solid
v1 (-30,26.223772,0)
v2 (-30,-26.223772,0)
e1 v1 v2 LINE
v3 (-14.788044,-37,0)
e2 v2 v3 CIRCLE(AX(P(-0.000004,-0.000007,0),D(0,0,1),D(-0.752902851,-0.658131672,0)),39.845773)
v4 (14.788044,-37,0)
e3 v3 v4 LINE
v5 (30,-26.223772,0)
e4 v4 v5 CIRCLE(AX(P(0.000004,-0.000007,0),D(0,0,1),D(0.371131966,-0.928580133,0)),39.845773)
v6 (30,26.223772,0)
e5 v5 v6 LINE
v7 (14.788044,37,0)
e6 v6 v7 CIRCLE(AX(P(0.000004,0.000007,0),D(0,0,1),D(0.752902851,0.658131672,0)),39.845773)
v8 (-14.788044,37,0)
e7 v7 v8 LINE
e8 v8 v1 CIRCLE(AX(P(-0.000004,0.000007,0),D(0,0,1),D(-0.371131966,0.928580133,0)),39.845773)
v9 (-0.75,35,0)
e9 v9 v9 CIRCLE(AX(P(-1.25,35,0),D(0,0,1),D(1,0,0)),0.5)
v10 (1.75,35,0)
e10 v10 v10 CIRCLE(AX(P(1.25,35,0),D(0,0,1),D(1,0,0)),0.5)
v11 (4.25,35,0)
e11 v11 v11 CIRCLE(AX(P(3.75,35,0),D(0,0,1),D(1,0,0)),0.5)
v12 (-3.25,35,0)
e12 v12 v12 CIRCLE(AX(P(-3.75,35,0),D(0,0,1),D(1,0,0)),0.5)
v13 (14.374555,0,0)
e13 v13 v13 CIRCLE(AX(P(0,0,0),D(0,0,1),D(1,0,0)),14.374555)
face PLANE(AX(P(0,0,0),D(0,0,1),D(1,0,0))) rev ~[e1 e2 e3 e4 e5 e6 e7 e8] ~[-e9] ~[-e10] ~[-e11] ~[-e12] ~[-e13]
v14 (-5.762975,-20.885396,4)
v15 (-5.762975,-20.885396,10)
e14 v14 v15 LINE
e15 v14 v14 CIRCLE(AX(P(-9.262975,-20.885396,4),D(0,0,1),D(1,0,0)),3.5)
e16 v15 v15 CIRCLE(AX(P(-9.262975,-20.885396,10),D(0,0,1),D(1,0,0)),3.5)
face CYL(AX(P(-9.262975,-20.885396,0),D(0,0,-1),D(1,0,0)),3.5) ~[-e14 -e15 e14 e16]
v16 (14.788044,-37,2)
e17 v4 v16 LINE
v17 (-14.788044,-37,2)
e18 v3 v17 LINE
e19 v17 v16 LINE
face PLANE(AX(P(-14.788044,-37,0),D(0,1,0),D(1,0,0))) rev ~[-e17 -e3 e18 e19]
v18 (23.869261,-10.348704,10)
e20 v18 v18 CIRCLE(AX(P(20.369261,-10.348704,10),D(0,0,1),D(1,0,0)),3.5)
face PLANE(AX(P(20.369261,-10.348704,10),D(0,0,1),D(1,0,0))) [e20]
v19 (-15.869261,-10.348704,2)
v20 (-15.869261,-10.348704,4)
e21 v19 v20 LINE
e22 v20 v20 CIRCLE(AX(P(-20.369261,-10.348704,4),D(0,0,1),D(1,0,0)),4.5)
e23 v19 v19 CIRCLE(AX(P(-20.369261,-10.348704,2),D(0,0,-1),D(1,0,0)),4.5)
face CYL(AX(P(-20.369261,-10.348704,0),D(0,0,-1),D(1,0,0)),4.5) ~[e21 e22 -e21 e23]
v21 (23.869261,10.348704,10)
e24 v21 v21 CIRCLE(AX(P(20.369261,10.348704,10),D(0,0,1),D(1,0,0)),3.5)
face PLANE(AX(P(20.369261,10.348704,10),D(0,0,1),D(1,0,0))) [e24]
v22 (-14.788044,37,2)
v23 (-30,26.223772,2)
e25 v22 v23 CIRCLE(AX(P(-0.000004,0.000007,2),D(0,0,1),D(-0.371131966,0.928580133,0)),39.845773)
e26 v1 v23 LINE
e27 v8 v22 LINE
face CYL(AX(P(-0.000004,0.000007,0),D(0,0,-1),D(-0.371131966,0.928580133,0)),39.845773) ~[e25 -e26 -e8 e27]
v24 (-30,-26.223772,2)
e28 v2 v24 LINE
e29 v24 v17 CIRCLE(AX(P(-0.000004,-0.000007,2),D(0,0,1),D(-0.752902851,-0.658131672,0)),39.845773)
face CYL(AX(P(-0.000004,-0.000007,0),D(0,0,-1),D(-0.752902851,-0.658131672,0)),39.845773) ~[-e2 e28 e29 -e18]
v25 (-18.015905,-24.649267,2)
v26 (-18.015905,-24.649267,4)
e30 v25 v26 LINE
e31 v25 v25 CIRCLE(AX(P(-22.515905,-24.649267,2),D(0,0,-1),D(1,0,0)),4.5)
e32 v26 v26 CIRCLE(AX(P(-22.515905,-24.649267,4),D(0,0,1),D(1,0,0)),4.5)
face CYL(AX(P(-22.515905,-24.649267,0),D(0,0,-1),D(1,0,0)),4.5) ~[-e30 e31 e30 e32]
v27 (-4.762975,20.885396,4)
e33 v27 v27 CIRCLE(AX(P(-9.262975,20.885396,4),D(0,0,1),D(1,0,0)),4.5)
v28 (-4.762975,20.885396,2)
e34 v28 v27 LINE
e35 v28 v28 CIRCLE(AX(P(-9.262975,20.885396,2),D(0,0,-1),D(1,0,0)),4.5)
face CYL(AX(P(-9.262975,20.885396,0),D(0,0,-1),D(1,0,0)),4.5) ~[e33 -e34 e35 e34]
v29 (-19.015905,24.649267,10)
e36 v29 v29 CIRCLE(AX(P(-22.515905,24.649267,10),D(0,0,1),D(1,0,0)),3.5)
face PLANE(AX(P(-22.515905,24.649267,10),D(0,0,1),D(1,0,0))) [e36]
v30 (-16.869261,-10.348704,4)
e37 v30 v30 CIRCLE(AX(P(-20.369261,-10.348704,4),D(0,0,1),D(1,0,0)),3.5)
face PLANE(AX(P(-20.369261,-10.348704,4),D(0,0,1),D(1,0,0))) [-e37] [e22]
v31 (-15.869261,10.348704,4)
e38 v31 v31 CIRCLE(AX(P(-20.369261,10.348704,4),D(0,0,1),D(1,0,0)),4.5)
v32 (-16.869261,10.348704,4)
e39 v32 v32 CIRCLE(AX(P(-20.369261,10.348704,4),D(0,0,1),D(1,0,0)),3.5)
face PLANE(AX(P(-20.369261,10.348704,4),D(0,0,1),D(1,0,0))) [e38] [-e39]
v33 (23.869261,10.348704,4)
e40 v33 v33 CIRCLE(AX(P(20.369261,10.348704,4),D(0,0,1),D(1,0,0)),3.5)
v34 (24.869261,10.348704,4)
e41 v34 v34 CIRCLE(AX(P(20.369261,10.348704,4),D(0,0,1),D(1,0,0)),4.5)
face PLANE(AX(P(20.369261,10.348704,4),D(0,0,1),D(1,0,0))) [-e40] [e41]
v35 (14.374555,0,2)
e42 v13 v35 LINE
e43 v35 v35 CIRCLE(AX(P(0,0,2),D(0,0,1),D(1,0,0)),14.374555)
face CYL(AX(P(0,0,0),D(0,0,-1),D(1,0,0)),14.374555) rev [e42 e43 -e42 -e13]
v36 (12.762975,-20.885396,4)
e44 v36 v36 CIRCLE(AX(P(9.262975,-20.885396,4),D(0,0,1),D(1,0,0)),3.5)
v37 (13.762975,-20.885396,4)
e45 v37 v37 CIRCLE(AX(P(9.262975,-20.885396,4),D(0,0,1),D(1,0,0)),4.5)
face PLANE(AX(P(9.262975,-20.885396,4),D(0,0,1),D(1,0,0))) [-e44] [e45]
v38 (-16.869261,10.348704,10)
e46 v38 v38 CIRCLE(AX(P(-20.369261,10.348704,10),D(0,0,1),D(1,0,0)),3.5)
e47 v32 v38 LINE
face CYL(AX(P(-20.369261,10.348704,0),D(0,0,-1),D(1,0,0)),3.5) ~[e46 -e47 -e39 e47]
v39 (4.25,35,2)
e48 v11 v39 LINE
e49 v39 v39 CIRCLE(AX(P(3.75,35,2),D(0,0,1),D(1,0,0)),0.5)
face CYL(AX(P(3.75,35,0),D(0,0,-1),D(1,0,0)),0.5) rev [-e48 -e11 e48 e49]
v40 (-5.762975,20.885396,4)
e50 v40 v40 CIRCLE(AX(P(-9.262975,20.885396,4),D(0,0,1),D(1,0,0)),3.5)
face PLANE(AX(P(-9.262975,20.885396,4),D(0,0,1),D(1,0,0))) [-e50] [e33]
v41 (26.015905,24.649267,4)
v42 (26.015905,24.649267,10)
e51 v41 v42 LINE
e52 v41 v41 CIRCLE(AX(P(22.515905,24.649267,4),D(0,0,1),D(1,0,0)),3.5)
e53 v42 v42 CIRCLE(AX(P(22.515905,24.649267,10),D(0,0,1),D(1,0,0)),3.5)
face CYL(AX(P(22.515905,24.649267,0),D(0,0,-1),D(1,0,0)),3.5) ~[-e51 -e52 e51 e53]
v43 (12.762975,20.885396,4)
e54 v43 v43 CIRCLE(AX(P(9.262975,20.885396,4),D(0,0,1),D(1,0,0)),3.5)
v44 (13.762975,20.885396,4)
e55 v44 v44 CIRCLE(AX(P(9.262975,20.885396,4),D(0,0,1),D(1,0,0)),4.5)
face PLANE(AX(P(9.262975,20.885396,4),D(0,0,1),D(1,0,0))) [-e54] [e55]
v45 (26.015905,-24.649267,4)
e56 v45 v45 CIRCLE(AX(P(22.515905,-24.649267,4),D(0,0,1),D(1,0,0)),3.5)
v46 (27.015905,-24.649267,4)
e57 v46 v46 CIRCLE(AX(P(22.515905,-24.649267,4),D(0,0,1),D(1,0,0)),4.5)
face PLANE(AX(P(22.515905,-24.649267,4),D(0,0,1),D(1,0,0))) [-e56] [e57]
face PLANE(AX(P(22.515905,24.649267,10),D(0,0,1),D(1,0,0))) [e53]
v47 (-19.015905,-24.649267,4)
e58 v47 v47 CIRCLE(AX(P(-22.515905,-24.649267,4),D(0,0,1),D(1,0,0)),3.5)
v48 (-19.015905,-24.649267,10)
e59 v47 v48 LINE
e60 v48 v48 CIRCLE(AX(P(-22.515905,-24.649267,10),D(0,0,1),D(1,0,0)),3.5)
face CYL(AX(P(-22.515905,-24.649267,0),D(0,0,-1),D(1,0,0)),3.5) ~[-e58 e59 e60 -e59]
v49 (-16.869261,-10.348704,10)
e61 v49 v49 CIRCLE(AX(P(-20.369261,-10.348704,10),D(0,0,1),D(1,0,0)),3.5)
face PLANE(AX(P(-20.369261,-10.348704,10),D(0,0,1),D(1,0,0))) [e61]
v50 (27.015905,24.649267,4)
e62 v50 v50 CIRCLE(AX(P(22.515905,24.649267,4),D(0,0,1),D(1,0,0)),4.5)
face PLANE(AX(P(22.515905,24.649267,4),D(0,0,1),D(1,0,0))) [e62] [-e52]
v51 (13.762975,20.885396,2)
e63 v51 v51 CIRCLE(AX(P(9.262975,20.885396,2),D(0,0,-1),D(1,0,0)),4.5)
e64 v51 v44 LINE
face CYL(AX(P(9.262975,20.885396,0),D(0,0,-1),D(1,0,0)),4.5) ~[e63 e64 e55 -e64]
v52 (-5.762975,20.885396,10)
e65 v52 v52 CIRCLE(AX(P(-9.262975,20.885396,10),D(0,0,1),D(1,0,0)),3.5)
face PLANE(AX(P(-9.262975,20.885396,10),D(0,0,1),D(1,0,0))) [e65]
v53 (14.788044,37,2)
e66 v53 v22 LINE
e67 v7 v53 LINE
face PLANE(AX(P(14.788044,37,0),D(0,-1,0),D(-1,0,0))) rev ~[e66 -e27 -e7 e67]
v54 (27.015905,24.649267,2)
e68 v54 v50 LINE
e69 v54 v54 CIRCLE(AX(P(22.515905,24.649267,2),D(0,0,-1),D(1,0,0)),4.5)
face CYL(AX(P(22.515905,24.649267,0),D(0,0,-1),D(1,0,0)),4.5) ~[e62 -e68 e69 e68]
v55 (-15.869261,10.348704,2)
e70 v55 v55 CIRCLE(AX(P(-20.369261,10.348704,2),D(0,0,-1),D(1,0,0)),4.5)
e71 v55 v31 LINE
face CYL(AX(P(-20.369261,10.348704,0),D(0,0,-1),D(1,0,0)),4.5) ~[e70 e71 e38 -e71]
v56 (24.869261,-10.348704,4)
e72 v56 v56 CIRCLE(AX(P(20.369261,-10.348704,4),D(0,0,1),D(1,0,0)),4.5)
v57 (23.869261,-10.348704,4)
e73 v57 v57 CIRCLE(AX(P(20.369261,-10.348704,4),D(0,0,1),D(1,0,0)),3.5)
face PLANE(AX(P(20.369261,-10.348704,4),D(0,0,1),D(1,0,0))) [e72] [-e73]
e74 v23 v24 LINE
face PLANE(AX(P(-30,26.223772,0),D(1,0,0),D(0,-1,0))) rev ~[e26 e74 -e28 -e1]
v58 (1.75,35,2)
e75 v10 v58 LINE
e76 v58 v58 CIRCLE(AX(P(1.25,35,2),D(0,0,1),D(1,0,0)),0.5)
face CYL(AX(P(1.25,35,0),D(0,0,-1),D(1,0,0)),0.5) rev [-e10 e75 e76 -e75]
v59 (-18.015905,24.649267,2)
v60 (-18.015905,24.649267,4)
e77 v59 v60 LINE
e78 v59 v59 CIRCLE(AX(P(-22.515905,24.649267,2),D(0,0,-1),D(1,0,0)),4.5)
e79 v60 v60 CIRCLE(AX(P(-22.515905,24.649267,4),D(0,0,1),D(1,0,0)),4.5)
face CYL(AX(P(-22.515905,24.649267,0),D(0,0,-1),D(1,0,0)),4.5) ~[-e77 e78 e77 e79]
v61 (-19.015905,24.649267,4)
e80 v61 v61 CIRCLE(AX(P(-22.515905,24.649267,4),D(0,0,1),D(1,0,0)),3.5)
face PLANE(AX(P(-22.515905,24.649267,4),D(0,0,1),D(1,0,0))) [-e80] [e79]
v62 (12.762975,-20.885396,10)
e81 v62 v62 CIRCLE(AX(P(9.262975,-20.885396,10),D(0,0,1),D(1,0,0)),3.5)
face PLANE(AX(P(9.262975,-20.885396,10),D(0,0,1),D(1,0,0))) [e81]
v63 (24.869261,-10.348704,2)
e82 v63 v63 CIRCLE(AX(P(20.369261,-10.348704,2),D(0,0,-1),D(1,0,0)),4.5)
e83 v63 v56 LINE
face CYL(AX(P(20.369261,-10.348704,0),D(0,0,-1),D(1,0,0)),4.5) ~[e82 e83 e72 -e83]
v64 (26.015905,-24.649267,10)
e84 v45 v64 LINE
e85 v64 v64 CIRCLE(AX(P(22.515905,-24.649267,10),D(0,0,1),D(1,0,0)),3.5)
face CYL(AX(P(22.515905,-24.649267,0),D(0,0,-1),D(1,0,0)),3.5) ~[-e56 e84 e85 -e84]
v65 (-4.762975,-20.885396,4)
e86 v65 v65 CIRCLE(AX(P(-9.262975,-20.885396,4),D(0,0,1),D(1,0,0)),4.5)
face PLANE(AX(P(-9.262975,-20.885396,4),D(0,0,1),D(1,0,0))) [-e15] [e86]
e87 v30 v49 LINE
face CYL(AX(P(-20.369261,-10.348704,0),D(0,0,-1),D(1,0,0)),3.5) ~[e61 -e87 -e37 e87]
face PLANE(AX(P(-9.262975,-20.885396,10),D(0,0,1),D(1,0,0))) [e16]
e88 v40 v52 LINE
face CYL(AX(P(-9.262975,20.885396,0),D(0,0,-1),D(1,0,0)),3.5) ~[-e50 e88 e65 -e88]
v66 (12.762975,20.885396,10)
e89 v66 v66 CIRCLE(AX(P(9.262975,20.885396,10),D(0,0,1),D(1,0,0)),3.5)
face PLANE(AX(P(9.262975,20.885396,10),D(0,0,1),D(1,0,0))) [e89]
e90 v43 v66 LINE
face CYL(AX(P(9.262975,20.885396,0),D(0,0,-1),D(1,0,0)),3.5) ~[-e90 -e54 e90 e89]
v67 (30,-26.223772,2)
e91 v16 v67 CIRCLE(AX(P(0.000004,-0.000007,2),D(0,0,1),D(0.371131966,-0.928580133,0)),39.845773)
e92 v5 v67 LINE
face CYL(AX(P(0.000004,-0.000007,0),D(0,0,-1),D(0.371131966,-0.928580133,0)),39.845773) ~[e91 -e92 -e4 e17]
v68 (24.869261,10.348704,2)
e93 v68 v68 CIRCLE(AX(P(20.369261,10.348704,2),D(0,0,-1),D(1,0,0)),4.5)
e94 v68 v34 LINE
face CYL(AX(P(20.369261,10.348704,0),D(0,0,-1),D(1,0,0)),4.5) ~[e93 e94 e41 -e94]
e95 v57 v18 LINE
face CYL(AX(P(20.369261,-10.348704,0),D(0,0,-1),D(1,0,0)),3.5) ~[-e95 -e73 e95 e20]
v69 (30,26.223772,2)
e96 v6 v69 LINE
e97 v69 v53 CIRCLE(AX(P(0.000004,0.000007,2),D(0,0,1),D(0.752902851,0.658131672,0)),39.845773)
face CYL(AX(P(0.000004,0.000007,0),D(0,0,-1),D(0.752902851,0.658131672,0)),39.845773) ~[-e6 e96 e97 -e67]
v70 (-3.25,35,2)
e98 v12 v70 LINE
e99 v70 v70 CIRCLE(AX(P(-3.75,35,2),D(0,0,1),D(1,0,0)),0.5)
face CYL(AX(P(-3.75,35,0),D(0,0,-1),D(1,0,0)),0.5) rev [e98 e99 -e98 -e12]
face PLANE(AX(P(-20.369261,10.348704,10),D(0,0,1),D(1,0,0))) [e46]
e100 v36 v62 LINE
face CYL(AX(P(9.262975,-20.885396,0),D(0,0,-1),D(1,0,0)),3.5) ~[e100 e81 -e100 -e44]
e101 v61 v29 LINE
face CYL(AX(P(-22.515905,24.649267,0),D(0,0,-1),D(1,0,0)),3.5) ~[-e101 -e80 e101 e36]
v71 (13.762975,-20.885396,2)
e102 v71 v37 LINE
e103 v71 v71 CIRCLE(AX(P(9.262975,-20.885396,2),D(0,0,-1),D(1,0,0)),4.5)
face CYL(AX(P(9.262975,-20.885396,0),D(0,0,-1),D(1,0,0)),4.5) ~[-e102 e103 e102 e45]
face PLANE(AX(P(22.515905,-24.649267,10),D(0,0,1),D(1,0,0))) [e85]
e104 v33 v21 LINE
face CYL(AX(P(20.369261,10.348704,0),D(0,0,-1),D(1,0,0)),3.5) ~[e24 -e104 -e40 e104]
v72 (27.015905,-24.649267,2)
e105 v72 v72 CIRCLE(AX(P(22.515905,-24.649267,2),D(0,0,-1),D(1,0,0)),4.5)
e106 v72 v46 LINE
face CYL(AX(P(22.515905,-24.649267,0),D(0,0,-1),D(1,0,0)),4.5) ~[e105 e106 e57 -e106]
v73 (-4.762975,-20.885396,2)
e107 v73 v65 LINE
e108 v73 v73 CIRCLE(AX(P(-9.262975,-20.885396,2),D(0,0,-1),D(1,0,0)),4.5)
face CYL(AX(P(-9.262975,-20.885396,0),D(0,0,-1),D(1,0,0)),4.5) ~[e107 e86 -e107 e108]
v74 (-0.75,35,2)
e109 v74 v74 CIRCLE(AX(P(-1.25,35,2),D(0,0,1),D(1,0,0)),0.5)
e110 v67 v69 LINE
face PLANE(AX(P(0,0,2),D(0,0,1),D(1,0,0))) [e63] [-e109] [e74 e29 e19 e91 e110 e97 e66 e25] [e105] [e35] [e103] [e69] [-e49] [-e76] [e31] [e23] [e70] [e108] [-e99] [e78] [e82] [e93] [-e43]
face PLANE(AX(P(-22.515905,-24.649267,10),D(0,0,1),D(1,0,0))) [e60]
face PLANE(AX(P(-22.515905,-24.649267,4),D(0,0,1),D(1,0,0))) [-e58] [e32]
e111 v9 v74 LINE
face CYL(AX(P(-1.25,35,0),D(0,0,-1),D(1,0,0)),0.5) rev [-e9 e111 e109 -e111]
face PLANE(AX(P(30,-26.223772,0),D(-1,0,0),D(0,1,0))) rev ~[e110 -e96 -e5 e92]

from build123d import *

# Parameters (mm, degrees)
F0_R     = 4.5
F0_R_2   = 0.5
F0_R_3   = 14.374555
F0_R_4   = 3.5
F1_DEPTH = 2
F2_DEPTH = 4
F3_DEPTH = 10


with BuildPart() as f1:
    # F0 (on Top) → F1 (new body)
    with BuildSketch(Plane.XY):
        with BuildLine():
            Line((14.788044, 37), (-14.788044, 37))
            ThreePointArc((-14.788044, 37), (-23.033106, 32.514032), (-30, 26.223772))
            Line((-30, 26.223772), (-30, -26.223772))
            ThreePointArc((-30, -26.223772), (-23.033106, -32.514032), (-14.788044, -37))
            Line((-14.788044, -37), (14.788044, -37))
            ThreePointArc((14.788044, -37), (23.033106, -32.514032), (30, -26.223772))
            Line((30, -26.223772), (30, 26.223772))
            ThreePointArc((30, 26.223772), (23.033106, 32.514032), (14.788044, 37))
        make_face()
        with Locations((-22.515905, -24.649267)):
            Circle(F0_R, mode=Mode.SUBTRACT)
        with Locations((-9.262975, -20.885396)):
            Circle(F0_R, mode=Mode.SUBTRACT)
        with Locations((-20.369261, -10.348704)):
            Circle(F0_R, mode=Mode.SUBTRACT)
        with Locations((9.262975, -20.885396)):
            Circle(F0_R, mode=Mode.SUBTRACT)
        with Locations((22.515905, -24.649267)):
            Circle(F0_R, mode=Mode.SUBTRACT)
        with Locations((20.369261, -10.348704)):
            Circle(F0_R, mode=Mode.SUBTRACT)
        with Locations((-20.369261, 10.348704)):
            Circle(F0_R, mode=Mode.SUBTRACT)
        with Locations((-22.515905, 24.649267)):
            Circle(F0_R, mode=Mode.SUBTRACT)
        with Locations((-9.262975, 20.885396)):
            Circle(F0_R, mode=Mode.SUBTRACT)
        with Locations((-3.75, 35)):
            Circle(F0_R_2, mode=Mode.SUBTRACT)
        with Locations((-1.25, 35)):
            Circle(F0_R_2, mode=Mode.SUBTRACT)
        Circle(F0_R_3, mode=Mode.SUBTRACT)
        with Locations((20.369261, 10.348704)):
            Circle(F0_R, mode=Mode.SUBTRACT)
        with Locations((9.262975, 20.885396)):
            Circle(F0_R, mode=Mode.SUBTRACT)
        with Locations((1.25, 35)):
            Circle(F0_R_2, mode=Mode.SUBTRACT)
        with Locations((3.75, 35)):
            Circle(F0_R_2, mode=Mode.SUBTRACT)
        with Locations((22.515905, 24.649267)):
            Circle(F0_R, mode=Mode.SUBTRACT)
        with Locations((-22.515905, 24.649267)):
            Circle(F0_R_4)
        with Locations((-9.262975, 20.885396)):
            Circle(F0_R_4)
        with Locations((9.262975, 20.885396)):
            Circle(F0_R_4)
        with Locations((20.369261, 10.348704)):
            Circle(F0_R_4)
        with Locations((20.369261, -10.348704)):
            Circle(F0_R_4)
        with Locations((22.515905, 24.649267)):
            Circle(F0_R_4)
        with Locations((9.262975, -20.885396)):
            Circle(F0_R_4)
        with Locations((22.515905, -24.649267)):
            Circle(F0_R_4)
        with Locations((-9.262975, -20.885396)):
            Circle(F0_R_4)
        with Locations((-20.369261, -10.348704)):
            Circle(F0_R_4)
        with Locations((-20.369261, 10.348704)):
            Circle(F0_R_4)
        with Locations((-22.515905, -24.649267)):
            Circle(F0_R_4)
        with Locations((-22.515905, -24.649267)):
            Circle(F0_R)
        with Locations((-22.515905, -24.649267)):
            Circle(F0_R_4, mode=Mode.SUBTRACT)
        with Locations((-9.262975, -20.885396)):
            Circle(F0_R)
        with Locations((-9.262975, -20.885396)):
            Circle(F0_R_4, mode=Mode.SUBTRACT)
        with Locations((-20.369261, -10.348704)):
            Circle(F0_R)
        with Locations((-20.369261, -10.348704)):
            Circle(F0_R_4, mode=Mode.SUBTRACT)
        with Locations((-20.369261, 10.348704)):
            Circle(F0_R)
        with Locations((-20.369261, 10.348704)):
            Circle(F0_R_4, mode=Mode.SUBTRACT)
        with Locations((-22.515905, 24.649267)):
            Circle(F0_R)
        with Locations((-22.515905, 24.649267)):
            Circle(F0_R_4, mode=Mode.SUBTRACT)
        with Locations((-9.262975, 20.885396)):
            Circle(F0_R)
        with Locations((-9.262975, 20.885396)):
            Circle(F0_R_4, mode=Mode.SUBTRACT)
        with Locations((9.262975, 20.885396)):
            Circle(F0_R)
        with Locations((9.262975, 20.885396)):
            Circle(F0_R_4, mode=Mode.SUBTRACT)
        with Locations((22.515905, 24.649267)):
            Circle(F0_R)
        with Locations((22.515905, 24.649267)):
            Circle(F0_R_4, mode=Mode.SUBTRACT)
        with Locations((20.369261, 10.348704)):
            Circle(F0_R)
        with Locations((20.369261, 10.348704)):
            Circle(F0_R_4, mode=Mode.SUBTRACT)
        with Locations((9.262975, -20.885396)):
            Circle(F0_R)
        with Locations((9.262975, -20.885396)):
            Circle(F0_R_4, mode=Mode.SUBTRACT)
        with Locations((22.515905, -24.649267)):
            Circle(F0_R)
        with Locations((22.515905, -24.649267)):
            Circle(F0_R_4, mode=Mode.SUBTRACT)
        with Locations((20.369261, -10.348704)):
            Circle(F0_R)
        with Locations((20.369261, -10.348704)):
            Circle(F0_R_4, mode=Mode.SUBTRACT)
    extrude(amount=F1_DEPTH)

    # F0 (on Top) → F2 (join)
    with BuildSketch(Plane.XY):
        with Locations((-22.515905, 24.649267)):
            Circle(F0_R)
        with Locations((-22.515905, 24.649267)):
            Circle(F0_R_4, mode=Mode.SUBTRACT)
        with Locations((-9.262975, 20.885396)):
            Circle(F0_R)
        with Locations((-9.262975, 20.885396)):
            Circle(F0_R_4, mode=Mode.SUBTRACT)
        with Locations((-20.369261, 10.348704)):
            Circle(F0_R)
        with Locations((-20.369261, 10.348704)):
            Circle(F0_R_4, mode=Mode.SUBTRACT)
        with Locations((9.262975, 20.885396)):
            Circle(F0_R)
        with Locations((9.262975, 20.885396)):
            Circle(F0_R_4, mode=Mode.SUBTRACT)
        with Locations((20.369261, 10.348704)):
            Circle(F0_R)
        with Locations((20.369261, 10.348704)):
            Circle(F0_R_4, mode=Mode.SUBTRACT)
        with Locations((22.515905, 24.649267)):
            Circle(F0_R)
        with Locations((22.515905, 24.649267)):
            Circle(F0_R_4, mode=Mode.SUBTRACT)
        with Locations((20.369261, -10.348704)):
            Circle(F0_R)
        with Locations((20.369261, -10.348704)):
            Circle(F0_R_4, mode=Mode.SUBTRACT)
        with Locations((9.262975, -20.885396)):
            Circle(F0_R)
        with Locations((9.262975, -20.885396)):
            Circle(F0_R_4, mode=Mode.SUBTRACT)
        with Locations((22.515905, -24.649267)):
            Circle(F0_R)
        with Locations((22.515905, -24.649267)):
            Circle(F0_R_4, mode=Mode.SUBTRACT)
        with Locations((-22.515905, -24.649267)):
            Circle(F0_R)
        with Locations((-22.515905, -24.649267)):
            Circle(F0_R_4, mode=Mode.SUBTRACT)
        with Locations((-9.262975, -20.885396)):
            Circle(F0_R)
        with Locations((-9.262975, -20.885396)):
            Circle(F0_R_4, mode=Mode.SUBTRACT)
        with Locations((-20.369261, -10.348704)):
            Circle(F0_R)
        with Locations((-20.369261, -10.348704)):
            Circle(F0_R_4, mode=Mode.SUBTRACT)
    extrude(amount=F2_DEPTH)

    # F0 (on Top) → F3 (join)
    with BuildSketch(Plane.XY):
        with Locations((-22.515905, 24.649267)):
            Circle(F0_R_4)
        with Locations((-20.369261, 10.348704)):
            Circle(F0_R_4)
        with Locations((-9.262975, 20.885396)):
            Circle(F0_R_4)
        with Locations((9.262975, 20.885396)):
            Circle(F0_R_4)
        with Locations((22.515905, 24.649267)):
            Circle(F0_R_4)
        with Locations((20.369261, 10.348704)):
            Circle(F0_R_4)
        with Locations((20.369261, -10.348704)):
            Circle(F0_R_4)
        with Locations((22.515905, -24.649267)):
            Circle(F0_R_4)
        with Locations((9.262975, -20.885396)):
            Circle(F0_R_4)
        with Locations((-9.262975, -20.885396)):
            Circle(F0_R_4)
        with Locations((-20.369261, -10.348704)):
            Circle(F0_R_4)
        with Locations((-22.515905, -24.649267)):
            Circle(F0_R_4)
    extrude(amount=F3_DEPTH)


solid = f1.part
